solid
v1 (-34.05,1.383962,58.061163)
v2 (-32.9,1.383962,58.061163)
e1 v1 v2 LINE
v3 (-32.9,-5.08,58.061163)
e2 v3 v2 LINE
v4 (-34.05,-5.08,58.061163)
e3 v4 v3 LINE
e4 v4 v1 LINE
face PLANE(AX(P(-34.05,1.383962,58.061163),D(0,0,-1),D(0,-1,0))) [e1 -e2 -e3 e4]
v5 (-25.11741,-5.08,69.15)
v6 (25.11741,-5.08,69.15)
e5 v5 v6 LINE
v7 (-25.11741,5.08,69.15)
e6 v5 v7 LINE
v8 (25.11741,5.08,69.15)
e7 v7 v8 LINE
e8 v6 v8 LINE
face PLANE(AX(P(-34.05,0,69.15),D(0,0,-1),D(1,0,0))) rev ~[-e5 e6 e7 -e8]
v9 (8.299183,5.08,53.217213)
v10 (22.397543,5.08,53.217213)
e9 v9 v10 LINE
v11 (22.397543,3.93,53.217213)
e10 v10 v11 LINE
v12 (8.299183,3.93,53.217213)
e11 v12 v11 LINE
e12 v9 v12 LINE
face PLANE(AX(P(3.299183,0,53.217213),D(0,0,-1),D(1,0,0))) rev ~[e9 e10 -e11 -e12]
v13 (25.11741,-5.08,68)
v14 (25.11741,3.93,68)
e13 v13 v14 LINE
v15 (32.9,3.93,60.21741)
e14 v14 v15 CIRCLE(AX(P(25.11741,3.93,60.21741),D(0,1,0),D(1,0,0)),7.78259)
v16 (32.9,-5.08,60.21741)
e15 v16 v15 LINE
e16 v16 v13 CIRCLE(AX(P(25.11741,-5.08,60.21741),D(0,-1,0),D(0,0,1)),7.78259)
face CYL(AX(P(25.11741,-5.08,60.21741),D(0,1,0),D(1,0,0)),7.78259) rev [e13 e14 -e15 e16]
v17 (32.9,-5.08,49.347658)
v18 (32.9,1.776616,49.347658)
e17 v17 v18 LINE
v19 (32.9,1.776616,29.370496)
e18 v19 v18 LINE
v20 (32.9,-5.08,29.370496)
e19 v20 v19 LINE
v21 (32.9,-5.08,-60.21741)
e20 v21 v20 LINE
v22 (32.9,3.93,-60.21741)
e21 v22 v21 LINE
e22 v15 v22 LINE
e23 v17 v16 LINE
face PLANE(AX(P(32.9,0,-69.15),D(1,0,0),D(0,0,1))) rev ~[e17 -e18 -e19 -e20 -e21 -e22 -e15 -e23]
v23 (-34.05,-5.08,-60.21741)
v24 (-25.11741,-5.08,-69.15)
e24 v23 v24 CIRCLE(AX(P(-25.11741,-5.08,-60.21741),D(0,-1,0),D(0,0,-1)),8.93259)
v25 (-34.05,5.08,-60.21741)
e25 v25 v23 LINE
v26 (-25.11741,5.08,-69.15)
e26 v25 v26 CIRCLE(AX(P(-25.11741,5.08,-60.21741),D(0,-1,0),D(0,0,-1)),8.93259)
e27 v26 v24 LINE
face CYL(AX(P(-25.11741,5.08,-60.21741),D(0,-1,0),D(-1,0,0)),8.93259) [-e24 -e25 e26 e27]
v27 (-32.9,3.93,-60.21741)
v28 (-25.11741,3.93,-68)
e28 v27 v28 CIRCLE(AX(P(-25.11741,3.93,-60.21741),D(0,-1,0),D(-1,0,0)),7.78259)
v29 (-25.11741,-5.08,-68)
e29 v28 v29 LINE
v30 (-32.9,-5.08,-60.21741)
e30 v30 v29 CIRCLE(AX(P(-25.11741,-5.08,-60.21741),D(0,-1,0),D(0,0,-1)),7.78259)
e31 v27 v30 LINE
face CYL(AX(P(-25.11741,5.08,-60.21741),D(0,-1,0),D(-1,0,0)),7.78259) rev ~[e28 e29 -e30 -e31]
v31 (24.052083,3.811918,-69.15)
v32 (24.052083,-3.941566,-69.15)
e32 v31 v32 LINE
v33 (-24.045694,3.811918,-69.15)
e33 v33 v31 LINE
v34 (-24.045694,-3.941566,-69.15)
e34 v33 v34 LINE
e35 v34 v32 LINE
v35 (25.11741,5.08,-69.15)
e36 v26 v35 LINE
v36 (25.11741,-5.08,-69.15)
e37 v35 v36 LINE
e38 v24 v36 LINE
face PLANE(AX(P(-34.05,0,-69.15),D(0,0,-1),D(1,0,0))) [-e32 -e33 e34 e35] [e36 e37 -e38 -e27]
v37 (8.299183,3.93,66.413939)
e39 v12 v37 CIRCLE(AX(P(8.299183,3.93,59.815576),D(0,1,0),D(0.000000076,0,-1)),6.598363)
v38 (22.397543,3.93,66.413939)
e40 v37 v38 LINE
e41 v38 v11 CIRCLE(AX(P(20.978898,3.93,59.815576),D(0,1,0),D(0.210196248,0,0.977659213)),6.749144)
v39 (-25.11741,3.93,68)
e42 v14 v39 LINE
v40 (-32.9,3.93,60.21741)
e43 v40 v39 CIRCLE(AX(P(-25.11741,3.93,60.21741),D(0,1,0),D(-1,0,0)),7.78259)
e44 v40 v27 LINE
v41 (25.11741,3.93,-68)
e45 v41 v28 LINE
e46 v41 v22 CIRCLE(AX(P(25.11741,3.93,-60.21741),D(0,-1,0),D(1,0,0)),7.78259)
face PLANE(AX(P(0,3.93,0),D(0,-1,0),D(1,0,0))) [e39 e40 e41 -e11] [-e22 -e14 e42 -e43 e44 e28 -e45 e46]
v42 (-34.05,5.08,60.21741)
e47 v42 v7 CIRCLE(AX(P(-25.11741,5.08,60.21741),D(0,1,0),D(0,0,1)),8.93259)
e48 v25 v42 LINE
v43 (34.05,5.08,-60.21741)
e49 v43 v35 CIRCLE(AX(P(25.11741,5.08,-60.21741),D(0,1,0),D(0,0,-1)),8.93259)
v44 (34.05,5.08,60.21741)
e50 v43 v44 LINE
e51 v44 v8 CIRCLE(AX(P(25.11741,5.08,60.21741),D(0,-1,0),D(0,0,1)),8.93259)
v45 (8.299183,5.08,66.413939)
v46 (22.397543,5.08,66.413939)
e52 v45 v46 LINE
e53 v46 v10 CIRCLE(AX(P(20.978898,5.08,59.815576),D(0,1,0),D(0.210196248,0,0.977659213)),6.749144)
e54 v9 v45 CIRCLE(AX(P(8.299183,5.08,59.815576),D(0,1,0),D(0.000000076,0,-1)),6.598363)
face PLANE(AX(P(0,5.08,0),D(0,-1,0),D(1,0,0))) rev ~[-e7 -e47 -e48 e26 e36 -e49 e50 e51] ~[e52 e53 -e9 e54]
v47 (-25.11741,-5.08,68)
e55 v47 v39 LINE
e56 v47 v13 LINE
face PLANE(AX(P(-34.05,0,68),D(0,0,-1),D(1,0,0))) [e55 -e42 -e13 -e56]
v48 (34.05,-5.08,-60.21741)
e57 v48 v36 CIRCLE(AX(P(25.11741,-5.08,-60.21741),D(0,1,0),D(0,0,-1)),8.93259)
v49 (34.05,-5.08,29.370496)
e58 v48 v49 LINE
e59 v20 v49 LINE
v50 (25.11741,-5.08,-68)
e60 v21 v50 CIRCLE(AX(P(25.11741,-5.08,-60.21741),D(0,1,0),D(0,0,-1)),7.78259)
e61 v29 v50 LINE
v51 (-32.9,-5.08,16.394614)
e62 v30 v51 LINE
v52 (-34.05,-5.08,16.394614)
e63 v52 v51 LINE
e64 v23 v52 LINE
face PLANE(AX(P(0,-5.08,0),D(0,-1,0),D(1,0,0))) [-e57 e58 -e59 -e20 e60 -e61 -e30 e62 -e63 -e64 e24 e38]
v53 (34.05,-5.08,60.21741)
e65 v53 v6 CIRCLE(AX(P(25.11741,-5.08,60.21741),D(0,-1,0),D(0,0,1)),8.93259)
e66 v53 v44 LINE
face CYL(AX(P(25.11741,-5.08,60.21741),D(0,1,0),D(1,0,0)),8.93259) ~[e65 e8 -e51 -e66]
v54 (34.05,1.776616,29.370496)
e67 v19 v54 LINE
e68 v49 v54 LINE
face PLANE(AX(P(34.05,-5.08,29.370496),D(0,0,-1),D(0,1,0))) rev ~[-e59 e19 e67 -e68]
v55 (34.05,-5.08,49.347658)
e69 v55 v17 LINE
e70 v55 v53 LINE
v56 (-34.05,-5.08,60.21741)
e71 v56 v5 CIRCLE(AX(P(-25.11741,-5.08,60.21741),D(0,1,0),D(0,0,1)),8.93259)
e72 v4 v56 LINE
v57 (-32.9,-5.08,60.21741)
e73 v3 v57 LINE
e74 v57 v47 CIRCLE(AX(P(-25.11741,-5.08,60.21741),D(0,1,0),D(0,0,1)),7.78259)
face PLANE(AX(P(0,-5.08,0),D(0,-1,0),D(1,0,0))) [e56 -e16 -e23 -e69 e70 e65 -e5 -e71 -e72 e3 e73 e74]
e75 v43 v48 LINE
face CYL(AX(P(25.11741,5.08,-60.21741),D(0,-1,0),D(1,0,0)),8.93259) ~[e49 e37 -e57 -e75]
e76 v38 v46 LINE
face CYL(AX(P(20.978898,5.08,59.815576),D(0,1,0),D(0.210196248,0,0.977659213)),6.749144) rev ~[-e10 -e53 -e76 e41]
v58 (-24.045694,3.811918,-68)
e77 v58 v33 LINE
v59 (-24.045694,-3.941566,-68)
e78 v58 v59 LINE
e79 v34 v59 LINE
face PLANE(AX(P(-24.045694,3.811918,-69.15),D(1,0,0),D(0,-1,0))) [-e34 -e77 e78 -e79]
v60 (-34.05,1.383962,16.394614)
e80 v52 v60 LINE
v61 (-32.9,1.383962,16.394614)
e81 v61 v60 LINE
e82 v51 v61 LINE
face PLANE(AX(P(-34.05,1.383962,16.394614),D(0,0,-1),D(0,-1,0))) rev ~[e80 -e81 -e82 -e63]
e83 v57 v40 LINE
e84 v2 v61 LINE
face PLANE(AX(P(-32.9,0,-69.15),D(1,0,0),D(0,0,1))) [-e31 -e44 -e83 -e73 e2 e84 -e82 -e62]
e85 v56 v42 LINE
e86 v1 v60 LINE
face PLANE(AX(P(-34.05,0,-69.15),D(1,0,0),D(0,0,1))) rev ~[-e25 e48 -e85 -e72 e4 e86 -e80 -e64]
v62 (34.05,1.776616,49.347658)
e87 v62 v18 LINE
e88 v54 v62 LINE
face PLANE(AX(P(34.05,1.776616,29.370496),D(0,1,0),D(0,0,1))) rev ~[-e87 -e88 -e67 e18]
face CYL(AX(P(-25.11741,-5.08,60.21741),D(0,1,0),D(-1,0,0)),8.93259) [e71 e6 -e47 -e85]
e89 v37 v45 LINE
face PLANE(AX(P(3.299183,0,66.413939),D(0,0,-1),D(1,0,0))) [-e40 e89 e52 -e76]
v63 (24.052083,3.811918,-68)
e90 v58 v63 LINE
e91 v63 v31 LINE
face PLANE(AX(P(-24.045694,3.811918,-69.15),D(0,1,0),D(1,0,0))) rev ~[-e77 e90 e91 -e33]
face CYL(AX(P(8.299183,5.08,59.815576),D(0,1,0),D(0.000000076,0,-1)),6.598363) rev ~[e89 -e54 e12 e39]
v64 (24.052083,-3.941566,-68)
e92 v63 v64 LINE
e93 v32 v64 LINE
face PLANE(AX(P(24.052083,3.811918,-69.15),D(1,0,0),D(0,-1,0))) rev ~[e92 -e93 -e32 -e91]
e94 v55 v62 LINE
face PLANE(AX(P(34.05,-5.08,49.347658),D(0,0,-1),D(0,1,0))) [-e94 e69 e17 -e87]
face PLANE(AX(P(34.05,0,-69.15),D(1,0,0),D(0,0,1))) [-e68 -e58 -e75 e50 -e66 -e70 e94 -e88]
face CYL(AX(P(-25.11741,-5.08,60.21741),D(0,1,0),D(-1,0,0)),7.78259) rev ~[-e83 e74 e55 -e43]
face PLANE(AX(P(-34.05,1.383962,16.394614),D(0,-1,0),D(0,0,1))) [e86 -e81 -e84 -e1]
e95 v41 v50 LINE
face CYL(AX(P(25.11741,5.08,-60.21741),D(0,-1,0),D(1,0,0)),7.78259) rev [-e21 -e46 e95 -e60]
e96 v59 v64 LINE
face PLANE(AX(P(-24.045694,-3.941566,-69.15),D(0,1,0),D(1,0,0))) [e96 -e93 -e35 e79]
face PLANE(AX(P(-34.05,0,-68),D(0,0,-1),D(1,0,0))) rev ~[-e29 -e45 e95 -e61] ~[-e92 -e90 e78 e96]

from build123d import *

# Parameters (mm, degrees)
F0_W      = 68.1
F0_H      = 138.3
F1_DEPTH  = 5.08
F2_R      = 8.93259
F3_T      = -1.15
F4_W      = 24.09836
F4_H      = 13.196725
F5_DEPTH  = 12.5
F6_W      = 48.097777
F6_H      = 7.753484
F7_DEPTH  = 12.5
F8_W      = 10.118616
F8_H      = 41.666549
F9_DEPTH  = 12.5
F10_W     = 6.856616
F10_H     = 19.977162
F11_DEPTH = 12.5
F12_SIZE  = 5
F14_DEPTH = 25
F16_DEPTH = 25


with BuildPart() as f1:
    # F0 (on Front) → F1 (new body, symmetric)
    with BuildSketch(Plane.XZ):
        Rectangle(F0_W, F0_H)
    extrude(amount=F1_DEPTH, both=True)

    # F2
    f2_edges = [f1.edges().sort_by_distance(p)[0] for p in [
        (-34.05, 0, 69.15),
        (34.05, 0, 69.15),
        (34.05, 0, -69.15),
        (-34.05, 0, -69.15),
    ]]
    fillet(f2_edges, radius=F2_R)

    # F3
    f3_openings = [f1.faces().sort_by_distance(p)[0] for p in [
        (0, -5.08, 0),
    ]]
    offset(amount=F3_T, openings=f3_openings)

    # F4 (on face) → F5 (cut, symmetric)
    with BuildSketch(Plane.XZ):
        with Locations((15.348363, 59.815576)):
            Rectangle(F4_W, F4_H)
    extrude(amount=F5_DEPTH, both=True, mode=Mode.SUBTRACT)

    # F6 (on face) → F7 (cut, symmetric)
    with BuildSketch(Plane(origin=(0, 0, -69.15), x_dir=(1, 0, 0), z_dir=(0, 0, -1))):
        with Locations((0.003194, 0.064824)):
            Rectangle(F6_W, F6_H)
    extrude(amount=F7_DEPTH, both=True, mode=Mode.SUBTRACT)

    # F8 (on face) → F9 (cut, symmetric)
    with BuildSketch(Plane(origin=(-34.05, 0, 0), x_dir=(0, -1, 0), z_dir=(-1, 0, 0))):
        with Locations((3.675346, 37.227889)):
            Rectangle(F8_W, F8_H)
    extrude(amount=F9_DEPTH, both=True, mode=Mode.SUBTRACT)

    # F10 (on face) → F11 (cut, symmetric)
    with BuildSketch(Plane.YZ.offset(34.05)):
        with Locations((-1.651692, 39.359077)):
            Rectangle(F10_W, F10_H)
    extrude(amount=F11_DEPTH, both=True, mode=Mode.SUBTRACT)

    # F12
    f12_edges = [f1.edges().sort_by_distance(p)[0] for p in [
        (3.299183, 4.505, 66.413939),
        (27.397543, 4.505, 66.413939),
        (27.397543, 4.505, 53.217214),
        (3.299183, 4.505, 53.217214),
    ]]
    chamfer(f12_edges, length=F12_SIZE)

    # F13 (on face) → F14 (cut)
    with BuildSketch(Plane(origin=(0, 5.08, 0), x_dir=(-1, 0, 0), z_dir=(0, 1, 0))):
        with BuildLine():
            Line((-27.397543, 61.413939), (-22.397543, 66.413939))
            ThreePointArc((-22.397543, 66.413939), (-27.728042, 59.815576), (-22.397543, 53.217214))
            Line((-22.397543, 53.217214), (-27.397543, 58.217214))
            Line((-27.397543, 58.217214), (-27.397543, 61.413939))
        make_face()
    extrude(amount=-F14_DEPTH, mode=Mode.SUBTRACT)

    # F15 (on face) → F16 (cut)
    with BuildSketch(Plane(origin=(0, 5.08, 0), x_dir=(-1, 0, 0), z_dir=(0, 1, 0))):
        with BuildLine():
            Line((-3.299183, 58.217214), (-8.299183, 53.217214))
            ThreePointArc((-8.299183, 53.217214), (-1.70082, 59.815576), (-8.299183, 66.413939))
            Line((-8.299183, 66.413939), (-3.299183, 61.413939))
            Line((-3.299183, 61.413939), (-3.299183, 58.217214))
        make_face()
    extrude(amount=-F16_DEPTH, mode=Mode.SUBTRACT)


solid = f1.part
